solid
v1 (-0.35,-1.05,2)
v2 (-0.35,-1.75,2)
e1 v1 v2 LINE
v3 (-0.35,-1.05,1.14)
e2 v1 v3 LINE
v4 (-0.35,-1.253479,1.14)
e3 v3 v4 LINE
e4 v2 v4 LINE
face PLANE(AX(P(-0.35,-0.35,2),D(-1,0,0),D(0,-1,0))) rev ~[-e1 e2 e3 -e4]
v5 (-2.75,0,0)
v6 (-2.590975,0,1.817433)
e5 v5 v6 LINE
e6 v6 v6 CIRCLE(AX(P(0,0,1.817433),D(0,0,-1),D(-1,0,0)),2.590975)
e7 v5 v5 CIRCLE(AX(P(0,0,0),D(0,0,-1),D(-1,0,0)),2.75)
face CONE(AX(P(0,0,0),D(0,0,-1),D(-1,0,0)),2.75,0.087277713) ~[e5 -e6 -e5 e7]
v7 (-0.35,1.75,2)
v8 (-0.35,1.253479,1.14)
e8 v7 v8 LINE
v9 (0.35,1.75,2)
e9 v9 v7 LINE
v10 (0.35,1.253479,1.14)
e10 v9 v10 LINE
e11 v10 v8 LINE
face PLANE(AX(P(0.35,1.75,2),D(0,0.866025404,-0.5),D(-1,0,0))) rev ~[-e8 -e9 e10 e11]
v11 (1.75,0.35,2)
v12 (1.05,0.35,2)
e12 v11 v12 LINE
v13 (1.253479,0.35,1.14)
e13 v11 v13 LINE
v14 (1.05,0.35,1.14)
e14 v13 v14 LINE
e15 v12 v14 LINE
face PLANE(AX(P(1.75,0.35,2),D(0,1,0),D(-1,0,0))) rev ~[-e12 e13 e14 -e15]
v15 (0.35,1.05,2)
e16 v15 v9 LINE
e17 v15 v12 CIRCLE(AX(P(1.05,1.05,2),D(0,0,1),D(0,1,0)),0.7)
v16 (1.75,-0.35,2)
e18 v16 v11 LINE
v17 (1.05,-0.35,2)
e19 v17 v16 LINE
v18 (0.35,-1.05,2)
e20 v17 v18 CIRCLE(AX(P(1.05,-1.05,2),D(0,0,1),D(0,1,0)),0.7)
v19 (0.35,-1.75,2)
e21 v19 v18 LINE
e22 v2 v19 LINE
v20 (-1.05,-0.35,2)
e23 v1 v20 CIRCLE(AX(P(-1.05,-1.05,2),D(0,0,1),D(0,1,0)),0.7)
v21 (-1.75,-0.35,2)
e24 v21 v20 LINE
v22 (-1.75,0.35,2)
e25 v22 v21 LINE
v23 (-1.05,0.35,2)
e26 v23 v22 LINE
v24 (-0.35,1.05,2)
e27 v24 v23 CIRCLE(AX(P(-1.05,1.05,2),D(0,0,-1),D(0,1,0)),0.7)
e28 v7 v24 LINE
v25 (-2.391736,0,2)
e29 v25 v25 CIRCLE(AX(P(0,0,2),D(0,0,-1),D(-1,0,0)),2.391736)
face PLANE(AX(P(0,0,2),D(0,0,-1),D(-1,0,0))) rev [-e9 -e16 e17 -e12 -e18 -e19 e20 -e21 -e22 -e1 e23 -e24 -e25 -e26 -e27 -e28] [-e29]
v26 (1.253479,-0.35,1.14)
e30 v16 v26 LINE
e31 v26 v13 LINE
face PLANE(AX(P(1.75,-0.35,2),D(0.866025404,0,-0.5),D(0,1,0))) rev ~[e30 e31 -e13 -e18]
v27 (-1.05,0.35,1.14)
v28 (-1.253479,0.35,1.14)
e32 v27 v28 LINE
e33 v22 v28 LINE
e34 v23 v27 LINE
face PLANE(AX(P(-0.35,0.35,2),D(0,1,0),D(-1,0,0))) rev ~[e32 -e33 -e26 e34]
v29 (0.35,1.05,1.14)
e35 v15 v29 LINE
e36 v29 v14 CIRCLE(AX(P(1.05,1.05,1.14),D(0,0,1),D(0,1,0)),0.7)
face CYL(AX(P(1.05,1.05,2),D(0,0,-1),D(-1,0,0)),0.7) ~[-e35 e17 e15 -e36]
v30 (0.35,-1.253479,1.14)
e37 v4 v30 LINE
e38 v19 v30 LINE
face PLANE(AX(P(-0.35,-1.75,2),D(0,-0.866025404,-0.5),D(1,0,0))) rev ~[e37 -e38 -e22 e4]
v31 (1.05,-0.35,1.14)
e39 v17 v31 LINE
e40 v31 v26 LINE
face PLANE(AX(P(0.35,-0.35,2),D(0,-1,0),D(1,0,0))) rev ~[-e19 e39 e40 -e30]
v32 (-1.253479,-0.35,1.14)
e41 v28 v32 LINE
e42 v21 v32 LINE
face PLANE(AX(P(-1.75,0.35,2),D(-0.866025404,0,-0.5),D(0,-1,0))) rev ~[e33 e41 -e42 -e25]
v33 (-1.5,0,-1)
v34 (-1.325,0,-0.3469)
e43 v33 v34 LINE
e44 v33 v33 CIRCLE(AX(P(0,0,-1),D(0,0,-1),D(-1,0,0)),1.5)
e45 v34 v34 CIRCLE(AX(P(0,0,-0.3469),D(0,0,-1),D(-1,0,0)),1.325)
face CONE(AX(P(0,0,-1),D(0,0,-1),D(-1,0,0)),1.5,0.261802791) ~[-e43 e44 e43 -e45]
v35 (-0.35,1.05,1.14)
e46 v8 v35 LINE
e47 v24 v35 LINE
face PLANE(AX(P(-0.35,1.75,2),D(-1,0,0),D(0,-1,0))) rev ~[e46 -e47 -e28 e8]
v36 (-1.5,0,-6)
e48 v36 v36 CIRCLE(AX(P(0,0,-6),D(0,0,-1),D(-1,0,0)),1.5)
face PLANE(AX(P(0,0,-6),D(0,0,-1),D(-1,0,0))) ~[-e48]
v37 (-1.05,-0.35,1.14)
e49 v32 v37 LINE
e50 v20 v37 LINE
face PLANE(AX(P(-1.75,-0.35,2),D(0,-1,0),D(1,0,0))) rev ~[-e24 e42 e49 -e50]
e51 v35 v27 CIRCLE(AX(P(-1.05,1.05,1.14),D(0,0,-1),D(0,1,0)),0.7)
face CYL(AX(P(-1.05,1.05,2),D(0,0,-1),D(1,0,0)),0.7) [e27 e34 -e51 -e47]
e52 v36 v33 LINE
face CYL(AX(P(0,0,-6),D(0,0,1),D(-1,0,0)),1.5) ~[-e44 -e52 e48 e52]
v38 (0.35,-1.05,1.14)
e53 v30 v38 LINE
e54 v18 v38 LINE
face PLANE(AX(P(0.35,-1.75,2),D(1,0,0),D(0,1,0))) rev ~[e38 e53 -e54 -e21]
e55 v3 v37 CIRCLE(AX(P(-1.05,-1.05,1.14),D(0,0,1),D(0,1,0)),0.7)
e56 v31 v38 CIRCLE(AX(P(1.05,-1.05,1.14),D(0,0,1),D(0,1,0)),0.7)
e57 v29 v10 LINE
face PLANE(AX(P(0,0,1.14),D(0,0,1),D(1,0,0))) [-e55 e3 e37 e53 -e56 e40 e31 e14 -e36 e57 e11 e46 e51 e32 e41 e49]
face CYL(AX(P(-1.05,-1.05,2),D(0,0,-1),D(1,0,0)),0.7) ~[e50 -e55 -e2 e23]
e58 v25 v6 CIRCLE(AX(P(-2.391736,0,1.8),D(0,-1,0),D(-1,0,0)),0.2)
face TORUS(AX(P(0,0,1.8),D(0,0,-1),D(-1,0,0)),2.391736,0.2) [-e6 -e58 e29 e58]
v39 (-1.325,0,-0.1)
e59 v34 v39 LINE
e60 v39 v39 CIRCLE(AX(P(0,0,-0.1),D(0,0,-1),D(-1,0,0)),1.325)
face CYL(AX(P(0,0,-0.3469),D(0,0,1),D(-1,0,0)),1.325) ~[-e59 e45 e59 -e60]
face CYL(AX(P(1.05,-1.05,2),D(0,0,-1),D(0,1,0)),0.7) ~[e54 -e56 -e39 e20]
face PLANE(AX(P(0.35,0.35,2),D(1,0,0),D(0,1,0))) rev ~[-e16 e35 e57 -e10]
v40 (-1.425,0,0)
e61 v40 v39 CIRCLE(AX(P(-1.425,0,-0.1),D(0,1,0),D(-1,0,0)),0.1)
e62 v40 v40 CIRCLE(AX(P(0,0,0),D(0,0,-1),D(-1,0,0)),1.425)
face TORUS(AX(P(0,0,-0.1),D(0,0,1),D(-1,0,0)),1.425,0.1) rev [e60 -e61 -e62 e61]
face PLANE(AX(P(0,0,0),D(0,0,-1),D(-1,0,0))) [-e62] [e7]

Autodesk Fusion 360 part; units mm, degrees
sketch "Sketch1" plane through (0, 0, 0) normal (0, 1, 0) x (1, 0, 0)
  line L0 (0, -2) -> (0, 6)
  line L1 (-2.75, 0) -> (-2.575, -2)
  line L2 (-2.75, 0) -> (-1.325, 0)
  line L3 (0, 6) -> (-1.5, 6)
  line L4 (-1.5, 6) -> (-1.5, 1)
  line L5 (-1.5, 1) -> (-1.325, 0.3469)
  line L6 (-1.325, 0.3469) -> (-1.325, 0)
  line L7 (0, -2) -> (-2.575, -2)
  dimension "d13" = 5
  dimension "d14" = 5.5
  dimension "d18" = 3
  dimension "d56" = 6
  dimension "d65" = 15
  dimension "d67" = 2
  dimension "d71" = 2.65
  dimension "d77" = 1
revolve "Revolve1" add sketch "Sketch1" angle 360 about axis through (0, 0, 2) along (0, 0, -1) makes body 1
fillet "Fillet3" radius 0.2 1 edges at (-2.4008, 0.9312, 2) on bodies 1
fillet "Fillet2" radius 0.1 1 edges at (-1.2353, 0.4791, 0) on bodies 1
sketch "Sketch2" plane through (0, 0, 2) normal (0, 0, 1) x (1, 0, 0)
  line L0 (-0.35, 0.35) -> (-1.75, 0.35)
  line L1 (-1.75, 0.35) -> (-1.75, -0.35)
  line L2 (-1.75, -0.35) -> (-0.35, -0.35)
  line L3 (-0.35, -0.35) -> (-0.35, -1.75)
  line L4 (-0.35, -1.75) -> (0.35, -1.75)
  line L5 (0.35, -1.75) -> (0.35, -0.35)
  line L6 (0.35, -0.35) -> (1.75, -0.35)
  line L7 (1.75, -0.35) -> (1.75, 0.35)
  line L8 (1.75, 0.35) -> (0.35, 0.35)
  line L9 (0.35, 0.35) -> (0.35, 1.75)
  line L10 (0.35, 1.75) -> (-0.35, 1.75)
  line L11 (-0.35, 1.75) -> (-0.35, 0.35)
  dimension "d81" = 360
  dimension "d83" = 0.7
  dimension "d84" = 3.5
extrude "Extrude1" add sketch "Sketch2" against normal blind 0.86 separate body makes body 2
draft "Draft1" angle -30 neutral plane through (0, 0, 2) pull (0, 0, 1) 4 faces at (1.75, -0.1167, 1.7133) (0.1167, 1.75, 1.7133) (-1.75, 0.1167, 1.7133) (-0.1167, -1.75, 1.7133) on bodies 2
fillet "Fillet1" radius 0.7 4 edges at (-0.35, 0.35, 1.57) (-0.35, -0.35, 1.57) (0.35, -0.35, 1.57) (0.35, 0.35, 1.57) on bodies 2
combine "Combine1" operation cut target body 1 tool bodies 2
thread "Thread3" thread offset 0 thread length 10
equation "adsk_nomdia = 3.00 mm"
equation "adsk_nomlen = 6.00 mm"
equation "adsk_headdia = 5.50 mm"
equation "adsk_phildia = 3.50 mm"
equation "adsk_midfillet = 0.10 mm"
equation "adsk_phildepth = 0.86 mm"
equation "adsk_shnklen = 1.00 mm"
equation "adsk_thrang = 15 deg"
equation "adsk_headang = 5 deg"
equation "d13 = adsk_headang"
equation "d14 = adsk_headdia"
equation "d18 = adsk_nomdia"
equation "adsk_philwidth = 0.70 mm"
equation "d52 = adsk_midfillet"
equation "d56 = adsk_nomlen"
equation "d65 = adsk_thrang"
equation "d67 = adsk_headh"
equation "adsk_headh = 2.00 mm"
equation "adsk_pitch1 = 0.50 mm"
equation "adsk_shnkdia = adsk_nomdia - 0.7 * adsk_pitch1"
equation "d71 = adsk_shnkdia"
equation "adsk_headtoprad = adsk_headh * 0.1"
equation "d76 = adsk_headtoprad"
equation "d77 = adsk_shnklen"
equation "d83 = adsk_philwidth"
equation "d84 = adsk_phildia"
equation "d86 = adsk_philwidth"
properties part number "ISO 7048 - H - M3 x 6 Steel 4.6 Plain"
